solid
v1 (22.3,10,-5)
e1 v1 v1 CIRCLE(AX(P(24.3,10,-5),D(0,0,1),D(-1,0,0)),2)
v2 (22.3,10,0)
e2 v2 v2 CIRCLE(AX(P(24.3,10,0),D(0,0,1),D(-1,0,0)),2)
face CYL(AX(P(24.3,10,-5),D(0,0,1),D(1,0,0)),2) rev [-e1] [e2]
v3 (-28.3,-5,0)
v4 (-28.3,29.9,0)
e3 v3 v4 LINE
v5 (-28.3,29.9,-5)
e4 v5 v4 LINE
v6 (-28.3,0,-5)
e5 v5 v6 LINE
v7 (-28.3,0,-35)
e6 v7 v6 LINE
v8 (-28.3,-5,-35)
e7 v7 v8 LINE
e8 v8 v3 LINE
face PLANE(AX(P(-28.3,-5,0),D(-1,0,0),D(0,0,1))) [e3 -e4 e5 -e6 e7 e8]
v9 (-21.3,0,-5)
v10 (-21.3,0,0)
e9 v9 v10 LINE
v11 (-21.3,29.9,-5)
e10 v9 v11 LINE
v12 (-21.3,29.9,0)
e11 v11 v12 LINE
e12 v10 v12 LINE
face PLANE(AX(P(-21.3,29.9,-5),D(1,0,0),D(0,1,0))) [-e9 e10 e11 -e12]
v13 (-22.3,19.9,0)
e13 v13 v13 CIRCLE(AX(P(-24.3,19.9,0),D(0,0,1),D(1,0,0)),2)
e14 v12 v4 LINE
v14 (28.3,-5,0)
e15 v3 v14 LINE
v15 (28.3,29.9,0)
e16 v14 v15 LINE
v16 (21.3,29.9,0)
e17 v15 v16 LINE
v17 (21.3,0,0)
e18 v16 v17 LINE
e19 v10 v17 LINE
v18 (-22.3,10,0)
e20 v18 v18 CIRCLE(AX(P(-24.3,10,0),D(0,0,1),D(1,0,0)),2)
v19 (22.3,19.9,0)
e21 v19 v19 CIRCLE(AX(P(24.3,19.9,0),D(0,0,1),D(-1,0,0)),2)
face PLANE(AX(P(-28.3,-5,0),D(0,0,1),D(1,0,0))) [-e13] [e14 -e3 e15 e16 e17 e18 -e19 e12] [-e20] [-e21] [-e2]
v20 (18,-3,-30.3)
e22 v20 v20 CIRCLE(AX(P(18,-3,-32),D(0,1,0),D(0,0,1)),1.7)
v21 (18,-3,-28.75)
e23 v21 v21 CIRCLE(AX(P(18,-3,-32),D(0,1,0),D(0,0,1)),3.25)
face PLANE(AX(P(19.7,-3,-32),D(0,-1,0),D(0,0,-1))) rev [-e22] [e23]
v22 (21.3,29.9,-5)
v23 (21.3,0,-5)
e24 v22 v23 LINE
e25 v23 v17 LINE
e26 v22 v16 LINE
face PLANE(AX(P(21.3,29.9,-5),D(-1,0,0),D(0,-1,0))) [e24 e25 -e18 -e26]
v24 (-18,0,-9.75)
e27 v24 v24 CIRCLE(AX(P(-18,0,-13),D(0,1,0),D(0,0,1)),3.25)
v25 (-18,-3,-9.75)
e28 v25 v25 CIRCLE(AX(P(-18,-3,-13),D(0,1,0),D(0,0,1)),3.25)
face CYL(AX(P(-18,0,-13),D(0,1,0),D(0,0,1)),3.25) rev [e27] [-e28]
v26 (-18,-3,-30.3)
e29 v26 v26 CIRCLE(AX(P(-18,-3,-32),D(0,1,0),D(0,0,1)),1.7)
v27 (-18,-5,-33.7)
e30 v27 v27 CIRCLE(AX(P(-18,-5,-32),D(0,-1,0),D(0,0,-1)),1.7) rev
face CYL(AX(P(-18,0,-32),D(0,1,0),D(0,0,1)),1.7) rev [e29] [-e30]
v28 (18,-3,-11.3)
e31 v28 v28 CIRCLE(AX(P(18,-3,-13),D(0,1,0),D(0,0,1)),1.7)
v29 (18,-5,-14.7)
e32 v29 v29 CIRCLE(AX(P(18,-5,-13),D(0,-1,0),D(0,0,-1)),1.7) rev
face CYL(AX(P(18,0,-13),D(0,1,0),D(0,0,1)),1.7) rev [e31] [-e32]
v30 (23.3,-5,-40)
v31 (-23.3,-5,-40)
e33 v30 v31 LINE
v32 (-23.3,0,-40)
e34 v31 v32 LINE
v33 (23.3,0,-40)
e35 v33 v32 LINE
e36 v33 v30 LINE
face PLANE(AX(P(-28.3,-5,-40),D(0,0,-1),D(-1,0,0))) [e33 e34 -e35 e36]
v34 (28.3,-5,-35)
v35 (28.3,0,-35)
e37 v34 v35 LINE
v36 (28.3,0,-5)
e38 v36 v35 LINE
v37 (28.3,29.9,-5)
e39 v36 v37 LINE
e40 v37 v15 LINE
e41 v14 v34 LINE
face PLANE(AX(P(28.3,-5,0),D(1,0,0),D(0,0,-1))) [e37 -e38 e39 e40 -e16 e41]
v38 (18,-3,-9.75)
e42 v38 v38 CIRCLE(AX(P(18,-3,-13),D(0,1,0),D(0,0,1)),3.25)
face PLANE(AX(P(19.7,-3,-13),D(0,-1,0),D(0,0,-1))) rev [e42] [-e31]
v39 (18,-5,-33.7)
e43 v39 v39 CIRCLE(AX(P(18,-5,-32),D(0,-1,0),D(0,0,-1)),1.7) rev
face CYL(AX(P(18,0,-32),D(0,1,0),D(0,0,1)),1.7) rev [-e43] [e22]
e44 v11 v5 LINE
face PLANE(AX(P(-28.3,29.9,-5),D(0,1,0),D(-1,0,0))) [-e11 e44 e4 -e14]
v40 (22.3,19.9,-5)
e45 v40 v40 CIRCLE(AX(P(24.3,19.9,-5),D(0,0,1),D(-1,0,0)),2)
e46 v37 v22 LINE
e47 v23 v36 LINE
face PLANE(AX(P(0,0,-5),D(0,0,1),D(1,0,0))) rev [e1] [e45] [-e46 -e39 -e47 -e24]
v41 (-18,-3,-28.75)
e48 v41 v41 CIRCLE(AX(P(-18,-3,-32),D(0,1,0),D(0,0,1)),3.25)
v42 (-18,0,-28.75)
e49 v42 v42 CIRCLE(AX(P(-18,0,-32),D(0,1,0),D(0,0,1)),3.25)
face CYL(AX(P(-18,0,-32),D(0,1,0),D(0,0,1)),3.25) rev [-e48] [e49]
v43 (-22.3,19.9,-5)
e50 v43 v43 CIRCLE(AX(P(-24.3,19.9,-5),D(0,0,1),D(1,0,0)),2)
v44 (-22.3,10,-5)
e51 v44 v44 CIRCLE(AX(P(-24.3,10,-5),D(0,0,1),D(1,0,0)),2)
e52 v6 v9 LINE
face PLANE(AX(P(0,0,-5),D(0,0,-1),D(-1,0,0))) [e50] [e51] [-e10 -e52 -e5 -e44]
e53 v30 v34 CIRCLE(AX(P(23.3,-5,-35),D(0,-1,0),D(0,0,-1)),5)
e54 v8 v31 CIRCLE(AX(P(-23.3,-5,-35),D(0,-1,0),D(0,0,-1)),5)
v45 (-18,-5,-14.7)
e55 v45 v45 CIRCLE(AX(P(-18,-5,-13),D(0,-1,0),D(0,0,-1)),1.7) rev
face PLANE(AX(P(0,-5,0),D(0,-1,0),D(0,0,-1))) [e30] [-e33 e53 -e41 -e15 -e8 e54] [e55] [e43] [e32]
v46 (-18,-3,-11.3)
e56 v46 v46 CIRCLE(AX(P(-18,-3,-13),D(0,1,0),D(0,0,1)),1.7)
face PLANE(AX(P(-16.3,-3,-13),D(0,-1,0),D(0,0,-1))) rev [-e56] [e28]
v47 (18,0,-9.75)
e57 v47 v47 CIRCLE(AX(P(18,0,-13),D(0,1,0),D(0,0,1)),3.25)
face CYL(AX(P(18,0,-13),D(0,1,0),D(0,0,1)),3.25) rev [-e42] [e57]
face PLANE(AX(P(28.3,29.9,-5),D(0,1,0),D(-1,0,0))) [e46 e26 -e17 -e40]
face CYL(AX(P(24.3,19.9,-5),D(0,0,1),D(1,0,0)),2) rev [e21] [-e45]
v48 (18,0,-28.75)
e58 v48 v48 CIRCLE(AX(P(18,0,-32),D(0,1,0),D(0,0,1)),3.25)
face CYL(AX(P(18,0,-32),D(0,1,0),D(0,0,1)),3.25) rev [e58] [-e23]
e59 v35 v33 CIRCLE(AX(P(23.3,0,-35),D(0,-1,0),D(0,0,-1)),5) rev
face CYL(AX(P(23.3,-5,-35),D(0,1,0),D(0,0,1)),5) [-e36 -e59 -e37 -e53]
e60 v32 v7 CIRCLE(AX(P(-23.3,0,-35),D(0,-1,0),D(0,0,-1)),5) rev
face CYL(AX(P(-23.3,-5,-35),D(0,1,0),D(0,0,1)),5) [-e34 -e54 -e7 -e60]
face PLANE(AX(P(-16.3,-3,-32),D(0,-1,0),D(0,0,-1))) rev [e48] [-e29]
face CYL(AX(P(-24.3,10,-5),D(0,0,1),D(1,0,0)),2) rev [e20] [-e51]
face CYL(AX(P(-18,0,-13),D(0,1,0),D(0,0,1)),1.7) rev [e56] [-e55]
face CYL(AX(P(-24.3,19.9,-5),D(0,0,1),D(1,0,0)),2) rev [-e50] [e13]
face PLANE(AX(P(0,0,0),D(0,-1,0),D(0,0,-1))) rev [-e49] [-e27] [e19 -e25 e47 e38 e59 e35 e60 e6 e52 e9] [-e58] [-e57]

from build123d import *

# Parameters (mm, degrees)
SKETCH3_W                      = 56.6
SKETCH3_H                      = 40
BOSS_EXTRUDE1_DEPTH            = 5
SKETCH2_W                      = 7
SKETCH2_H                      = 29.9
SKETCH2_R                      = 2
BOSS_EXTRUDE2_DEPTH            = 5
CBORE_FOR_M3_SHCS2_D           = 3.4
CBORE_FOR_M3_SHCS2_DEPTH       = 5
CBORE_FOR_M3_SHCS2_CBORE_D     = 6.5
CBORE_FOR_M3_SHCS2_CBORE_DEPTH = 3
CBORE_FOR_M3_SHCS2_TIP         = 1.021463052
FILLET1_R                      = 5


with BuildPart() as part:
    # Sketch3 → Boss-Extrude1 (new body)
    with BuildSketch(Plane(origin=(0, 0, 0), x_dir=(1, 0, 0), z_dir=(0, 1, 0))):
        with Locations((0, 20)):
            Rectangle(SKETCH3_W, SKETCH3_H)
    extrude(amount=-BOSS_EXTRUDE1_DEPTH)

    # Sketch2 → Boss-Extrude2 (add)
    # profile 1 of 2: a face of its own
    with BuildSketch(Plane.XY):
        with Locations((-24.8, 14.95)):
            Rectangle(SKETCH2_W, SKETCH2_H)
        with Locations((-24.3, 19.9)):
            Circle(SKETCH2_R, mode=Mode.SUBTRACT)
        with Locations((-24.3, 10)):
            Circle(SKETCH2_R, mode=Mode.SUBTRACT)
    # profile 2 of 2: a face of its own
    with BuildSketch(Plane.XY):
        with Locations((24.8, 14.95)):
            Rectangle(SKETCH2_W, SKETCH2_H)
        with Locations(Location((24.3, 10, 0), (0, 0, 180))):
            Circle(SKETCH2_R, mode=Mode.SUBTRACT)
        with Locations(Location((24.3, 19.9, 0), (0, 0, 180))):
            Circle(SKETCH2_R, mode=Mode.SUBTRACT)
    extrude(amount=-BOSS_EXTRUDE2_DEPTH)

    # CBORE for M3 SHCS2
    with Locations(Plane(origin=(0, 0, 0), x_dir=(1, 0, 0), z_dir=(0, 1, 0))):
        with Locations((-18, 32), (18, 13), (-18, 13), (18, 32)):
            CounterBoreHole(CBORE_FOR_M3_SHCS2_D / 2, CBORE_FOR_M3_SHCS2_CBORE_D / 2, CBORE_FOR_M3_SHCS2_CBORE_DEPTH, depth=CBORE_FOR_M3_SHCS2_DEPTH)
            with Locations((0, 0, -(CBORE_FOR_M3_SHCS2_DEPTH + CBORE_FOR_M3_SHCS2_TIP / 2))):  # 118° drill point
                Cone(0, CBORE_FOR_M3_SHCS2_D / 2, CBORE_FOR_M3_SHCS2_TIP, mode=Mode.SUBTRACT)

    # Fillet1
    fillet1_edges = [part.edges().sort_by_distance(p)[0] for p in [
        (-28.3, -2.5, -40),
        (28.3, -2.5, -40),
    ]]
    fillet(fillet1_edges, radius=FILLET1_R)


solid = part.part
